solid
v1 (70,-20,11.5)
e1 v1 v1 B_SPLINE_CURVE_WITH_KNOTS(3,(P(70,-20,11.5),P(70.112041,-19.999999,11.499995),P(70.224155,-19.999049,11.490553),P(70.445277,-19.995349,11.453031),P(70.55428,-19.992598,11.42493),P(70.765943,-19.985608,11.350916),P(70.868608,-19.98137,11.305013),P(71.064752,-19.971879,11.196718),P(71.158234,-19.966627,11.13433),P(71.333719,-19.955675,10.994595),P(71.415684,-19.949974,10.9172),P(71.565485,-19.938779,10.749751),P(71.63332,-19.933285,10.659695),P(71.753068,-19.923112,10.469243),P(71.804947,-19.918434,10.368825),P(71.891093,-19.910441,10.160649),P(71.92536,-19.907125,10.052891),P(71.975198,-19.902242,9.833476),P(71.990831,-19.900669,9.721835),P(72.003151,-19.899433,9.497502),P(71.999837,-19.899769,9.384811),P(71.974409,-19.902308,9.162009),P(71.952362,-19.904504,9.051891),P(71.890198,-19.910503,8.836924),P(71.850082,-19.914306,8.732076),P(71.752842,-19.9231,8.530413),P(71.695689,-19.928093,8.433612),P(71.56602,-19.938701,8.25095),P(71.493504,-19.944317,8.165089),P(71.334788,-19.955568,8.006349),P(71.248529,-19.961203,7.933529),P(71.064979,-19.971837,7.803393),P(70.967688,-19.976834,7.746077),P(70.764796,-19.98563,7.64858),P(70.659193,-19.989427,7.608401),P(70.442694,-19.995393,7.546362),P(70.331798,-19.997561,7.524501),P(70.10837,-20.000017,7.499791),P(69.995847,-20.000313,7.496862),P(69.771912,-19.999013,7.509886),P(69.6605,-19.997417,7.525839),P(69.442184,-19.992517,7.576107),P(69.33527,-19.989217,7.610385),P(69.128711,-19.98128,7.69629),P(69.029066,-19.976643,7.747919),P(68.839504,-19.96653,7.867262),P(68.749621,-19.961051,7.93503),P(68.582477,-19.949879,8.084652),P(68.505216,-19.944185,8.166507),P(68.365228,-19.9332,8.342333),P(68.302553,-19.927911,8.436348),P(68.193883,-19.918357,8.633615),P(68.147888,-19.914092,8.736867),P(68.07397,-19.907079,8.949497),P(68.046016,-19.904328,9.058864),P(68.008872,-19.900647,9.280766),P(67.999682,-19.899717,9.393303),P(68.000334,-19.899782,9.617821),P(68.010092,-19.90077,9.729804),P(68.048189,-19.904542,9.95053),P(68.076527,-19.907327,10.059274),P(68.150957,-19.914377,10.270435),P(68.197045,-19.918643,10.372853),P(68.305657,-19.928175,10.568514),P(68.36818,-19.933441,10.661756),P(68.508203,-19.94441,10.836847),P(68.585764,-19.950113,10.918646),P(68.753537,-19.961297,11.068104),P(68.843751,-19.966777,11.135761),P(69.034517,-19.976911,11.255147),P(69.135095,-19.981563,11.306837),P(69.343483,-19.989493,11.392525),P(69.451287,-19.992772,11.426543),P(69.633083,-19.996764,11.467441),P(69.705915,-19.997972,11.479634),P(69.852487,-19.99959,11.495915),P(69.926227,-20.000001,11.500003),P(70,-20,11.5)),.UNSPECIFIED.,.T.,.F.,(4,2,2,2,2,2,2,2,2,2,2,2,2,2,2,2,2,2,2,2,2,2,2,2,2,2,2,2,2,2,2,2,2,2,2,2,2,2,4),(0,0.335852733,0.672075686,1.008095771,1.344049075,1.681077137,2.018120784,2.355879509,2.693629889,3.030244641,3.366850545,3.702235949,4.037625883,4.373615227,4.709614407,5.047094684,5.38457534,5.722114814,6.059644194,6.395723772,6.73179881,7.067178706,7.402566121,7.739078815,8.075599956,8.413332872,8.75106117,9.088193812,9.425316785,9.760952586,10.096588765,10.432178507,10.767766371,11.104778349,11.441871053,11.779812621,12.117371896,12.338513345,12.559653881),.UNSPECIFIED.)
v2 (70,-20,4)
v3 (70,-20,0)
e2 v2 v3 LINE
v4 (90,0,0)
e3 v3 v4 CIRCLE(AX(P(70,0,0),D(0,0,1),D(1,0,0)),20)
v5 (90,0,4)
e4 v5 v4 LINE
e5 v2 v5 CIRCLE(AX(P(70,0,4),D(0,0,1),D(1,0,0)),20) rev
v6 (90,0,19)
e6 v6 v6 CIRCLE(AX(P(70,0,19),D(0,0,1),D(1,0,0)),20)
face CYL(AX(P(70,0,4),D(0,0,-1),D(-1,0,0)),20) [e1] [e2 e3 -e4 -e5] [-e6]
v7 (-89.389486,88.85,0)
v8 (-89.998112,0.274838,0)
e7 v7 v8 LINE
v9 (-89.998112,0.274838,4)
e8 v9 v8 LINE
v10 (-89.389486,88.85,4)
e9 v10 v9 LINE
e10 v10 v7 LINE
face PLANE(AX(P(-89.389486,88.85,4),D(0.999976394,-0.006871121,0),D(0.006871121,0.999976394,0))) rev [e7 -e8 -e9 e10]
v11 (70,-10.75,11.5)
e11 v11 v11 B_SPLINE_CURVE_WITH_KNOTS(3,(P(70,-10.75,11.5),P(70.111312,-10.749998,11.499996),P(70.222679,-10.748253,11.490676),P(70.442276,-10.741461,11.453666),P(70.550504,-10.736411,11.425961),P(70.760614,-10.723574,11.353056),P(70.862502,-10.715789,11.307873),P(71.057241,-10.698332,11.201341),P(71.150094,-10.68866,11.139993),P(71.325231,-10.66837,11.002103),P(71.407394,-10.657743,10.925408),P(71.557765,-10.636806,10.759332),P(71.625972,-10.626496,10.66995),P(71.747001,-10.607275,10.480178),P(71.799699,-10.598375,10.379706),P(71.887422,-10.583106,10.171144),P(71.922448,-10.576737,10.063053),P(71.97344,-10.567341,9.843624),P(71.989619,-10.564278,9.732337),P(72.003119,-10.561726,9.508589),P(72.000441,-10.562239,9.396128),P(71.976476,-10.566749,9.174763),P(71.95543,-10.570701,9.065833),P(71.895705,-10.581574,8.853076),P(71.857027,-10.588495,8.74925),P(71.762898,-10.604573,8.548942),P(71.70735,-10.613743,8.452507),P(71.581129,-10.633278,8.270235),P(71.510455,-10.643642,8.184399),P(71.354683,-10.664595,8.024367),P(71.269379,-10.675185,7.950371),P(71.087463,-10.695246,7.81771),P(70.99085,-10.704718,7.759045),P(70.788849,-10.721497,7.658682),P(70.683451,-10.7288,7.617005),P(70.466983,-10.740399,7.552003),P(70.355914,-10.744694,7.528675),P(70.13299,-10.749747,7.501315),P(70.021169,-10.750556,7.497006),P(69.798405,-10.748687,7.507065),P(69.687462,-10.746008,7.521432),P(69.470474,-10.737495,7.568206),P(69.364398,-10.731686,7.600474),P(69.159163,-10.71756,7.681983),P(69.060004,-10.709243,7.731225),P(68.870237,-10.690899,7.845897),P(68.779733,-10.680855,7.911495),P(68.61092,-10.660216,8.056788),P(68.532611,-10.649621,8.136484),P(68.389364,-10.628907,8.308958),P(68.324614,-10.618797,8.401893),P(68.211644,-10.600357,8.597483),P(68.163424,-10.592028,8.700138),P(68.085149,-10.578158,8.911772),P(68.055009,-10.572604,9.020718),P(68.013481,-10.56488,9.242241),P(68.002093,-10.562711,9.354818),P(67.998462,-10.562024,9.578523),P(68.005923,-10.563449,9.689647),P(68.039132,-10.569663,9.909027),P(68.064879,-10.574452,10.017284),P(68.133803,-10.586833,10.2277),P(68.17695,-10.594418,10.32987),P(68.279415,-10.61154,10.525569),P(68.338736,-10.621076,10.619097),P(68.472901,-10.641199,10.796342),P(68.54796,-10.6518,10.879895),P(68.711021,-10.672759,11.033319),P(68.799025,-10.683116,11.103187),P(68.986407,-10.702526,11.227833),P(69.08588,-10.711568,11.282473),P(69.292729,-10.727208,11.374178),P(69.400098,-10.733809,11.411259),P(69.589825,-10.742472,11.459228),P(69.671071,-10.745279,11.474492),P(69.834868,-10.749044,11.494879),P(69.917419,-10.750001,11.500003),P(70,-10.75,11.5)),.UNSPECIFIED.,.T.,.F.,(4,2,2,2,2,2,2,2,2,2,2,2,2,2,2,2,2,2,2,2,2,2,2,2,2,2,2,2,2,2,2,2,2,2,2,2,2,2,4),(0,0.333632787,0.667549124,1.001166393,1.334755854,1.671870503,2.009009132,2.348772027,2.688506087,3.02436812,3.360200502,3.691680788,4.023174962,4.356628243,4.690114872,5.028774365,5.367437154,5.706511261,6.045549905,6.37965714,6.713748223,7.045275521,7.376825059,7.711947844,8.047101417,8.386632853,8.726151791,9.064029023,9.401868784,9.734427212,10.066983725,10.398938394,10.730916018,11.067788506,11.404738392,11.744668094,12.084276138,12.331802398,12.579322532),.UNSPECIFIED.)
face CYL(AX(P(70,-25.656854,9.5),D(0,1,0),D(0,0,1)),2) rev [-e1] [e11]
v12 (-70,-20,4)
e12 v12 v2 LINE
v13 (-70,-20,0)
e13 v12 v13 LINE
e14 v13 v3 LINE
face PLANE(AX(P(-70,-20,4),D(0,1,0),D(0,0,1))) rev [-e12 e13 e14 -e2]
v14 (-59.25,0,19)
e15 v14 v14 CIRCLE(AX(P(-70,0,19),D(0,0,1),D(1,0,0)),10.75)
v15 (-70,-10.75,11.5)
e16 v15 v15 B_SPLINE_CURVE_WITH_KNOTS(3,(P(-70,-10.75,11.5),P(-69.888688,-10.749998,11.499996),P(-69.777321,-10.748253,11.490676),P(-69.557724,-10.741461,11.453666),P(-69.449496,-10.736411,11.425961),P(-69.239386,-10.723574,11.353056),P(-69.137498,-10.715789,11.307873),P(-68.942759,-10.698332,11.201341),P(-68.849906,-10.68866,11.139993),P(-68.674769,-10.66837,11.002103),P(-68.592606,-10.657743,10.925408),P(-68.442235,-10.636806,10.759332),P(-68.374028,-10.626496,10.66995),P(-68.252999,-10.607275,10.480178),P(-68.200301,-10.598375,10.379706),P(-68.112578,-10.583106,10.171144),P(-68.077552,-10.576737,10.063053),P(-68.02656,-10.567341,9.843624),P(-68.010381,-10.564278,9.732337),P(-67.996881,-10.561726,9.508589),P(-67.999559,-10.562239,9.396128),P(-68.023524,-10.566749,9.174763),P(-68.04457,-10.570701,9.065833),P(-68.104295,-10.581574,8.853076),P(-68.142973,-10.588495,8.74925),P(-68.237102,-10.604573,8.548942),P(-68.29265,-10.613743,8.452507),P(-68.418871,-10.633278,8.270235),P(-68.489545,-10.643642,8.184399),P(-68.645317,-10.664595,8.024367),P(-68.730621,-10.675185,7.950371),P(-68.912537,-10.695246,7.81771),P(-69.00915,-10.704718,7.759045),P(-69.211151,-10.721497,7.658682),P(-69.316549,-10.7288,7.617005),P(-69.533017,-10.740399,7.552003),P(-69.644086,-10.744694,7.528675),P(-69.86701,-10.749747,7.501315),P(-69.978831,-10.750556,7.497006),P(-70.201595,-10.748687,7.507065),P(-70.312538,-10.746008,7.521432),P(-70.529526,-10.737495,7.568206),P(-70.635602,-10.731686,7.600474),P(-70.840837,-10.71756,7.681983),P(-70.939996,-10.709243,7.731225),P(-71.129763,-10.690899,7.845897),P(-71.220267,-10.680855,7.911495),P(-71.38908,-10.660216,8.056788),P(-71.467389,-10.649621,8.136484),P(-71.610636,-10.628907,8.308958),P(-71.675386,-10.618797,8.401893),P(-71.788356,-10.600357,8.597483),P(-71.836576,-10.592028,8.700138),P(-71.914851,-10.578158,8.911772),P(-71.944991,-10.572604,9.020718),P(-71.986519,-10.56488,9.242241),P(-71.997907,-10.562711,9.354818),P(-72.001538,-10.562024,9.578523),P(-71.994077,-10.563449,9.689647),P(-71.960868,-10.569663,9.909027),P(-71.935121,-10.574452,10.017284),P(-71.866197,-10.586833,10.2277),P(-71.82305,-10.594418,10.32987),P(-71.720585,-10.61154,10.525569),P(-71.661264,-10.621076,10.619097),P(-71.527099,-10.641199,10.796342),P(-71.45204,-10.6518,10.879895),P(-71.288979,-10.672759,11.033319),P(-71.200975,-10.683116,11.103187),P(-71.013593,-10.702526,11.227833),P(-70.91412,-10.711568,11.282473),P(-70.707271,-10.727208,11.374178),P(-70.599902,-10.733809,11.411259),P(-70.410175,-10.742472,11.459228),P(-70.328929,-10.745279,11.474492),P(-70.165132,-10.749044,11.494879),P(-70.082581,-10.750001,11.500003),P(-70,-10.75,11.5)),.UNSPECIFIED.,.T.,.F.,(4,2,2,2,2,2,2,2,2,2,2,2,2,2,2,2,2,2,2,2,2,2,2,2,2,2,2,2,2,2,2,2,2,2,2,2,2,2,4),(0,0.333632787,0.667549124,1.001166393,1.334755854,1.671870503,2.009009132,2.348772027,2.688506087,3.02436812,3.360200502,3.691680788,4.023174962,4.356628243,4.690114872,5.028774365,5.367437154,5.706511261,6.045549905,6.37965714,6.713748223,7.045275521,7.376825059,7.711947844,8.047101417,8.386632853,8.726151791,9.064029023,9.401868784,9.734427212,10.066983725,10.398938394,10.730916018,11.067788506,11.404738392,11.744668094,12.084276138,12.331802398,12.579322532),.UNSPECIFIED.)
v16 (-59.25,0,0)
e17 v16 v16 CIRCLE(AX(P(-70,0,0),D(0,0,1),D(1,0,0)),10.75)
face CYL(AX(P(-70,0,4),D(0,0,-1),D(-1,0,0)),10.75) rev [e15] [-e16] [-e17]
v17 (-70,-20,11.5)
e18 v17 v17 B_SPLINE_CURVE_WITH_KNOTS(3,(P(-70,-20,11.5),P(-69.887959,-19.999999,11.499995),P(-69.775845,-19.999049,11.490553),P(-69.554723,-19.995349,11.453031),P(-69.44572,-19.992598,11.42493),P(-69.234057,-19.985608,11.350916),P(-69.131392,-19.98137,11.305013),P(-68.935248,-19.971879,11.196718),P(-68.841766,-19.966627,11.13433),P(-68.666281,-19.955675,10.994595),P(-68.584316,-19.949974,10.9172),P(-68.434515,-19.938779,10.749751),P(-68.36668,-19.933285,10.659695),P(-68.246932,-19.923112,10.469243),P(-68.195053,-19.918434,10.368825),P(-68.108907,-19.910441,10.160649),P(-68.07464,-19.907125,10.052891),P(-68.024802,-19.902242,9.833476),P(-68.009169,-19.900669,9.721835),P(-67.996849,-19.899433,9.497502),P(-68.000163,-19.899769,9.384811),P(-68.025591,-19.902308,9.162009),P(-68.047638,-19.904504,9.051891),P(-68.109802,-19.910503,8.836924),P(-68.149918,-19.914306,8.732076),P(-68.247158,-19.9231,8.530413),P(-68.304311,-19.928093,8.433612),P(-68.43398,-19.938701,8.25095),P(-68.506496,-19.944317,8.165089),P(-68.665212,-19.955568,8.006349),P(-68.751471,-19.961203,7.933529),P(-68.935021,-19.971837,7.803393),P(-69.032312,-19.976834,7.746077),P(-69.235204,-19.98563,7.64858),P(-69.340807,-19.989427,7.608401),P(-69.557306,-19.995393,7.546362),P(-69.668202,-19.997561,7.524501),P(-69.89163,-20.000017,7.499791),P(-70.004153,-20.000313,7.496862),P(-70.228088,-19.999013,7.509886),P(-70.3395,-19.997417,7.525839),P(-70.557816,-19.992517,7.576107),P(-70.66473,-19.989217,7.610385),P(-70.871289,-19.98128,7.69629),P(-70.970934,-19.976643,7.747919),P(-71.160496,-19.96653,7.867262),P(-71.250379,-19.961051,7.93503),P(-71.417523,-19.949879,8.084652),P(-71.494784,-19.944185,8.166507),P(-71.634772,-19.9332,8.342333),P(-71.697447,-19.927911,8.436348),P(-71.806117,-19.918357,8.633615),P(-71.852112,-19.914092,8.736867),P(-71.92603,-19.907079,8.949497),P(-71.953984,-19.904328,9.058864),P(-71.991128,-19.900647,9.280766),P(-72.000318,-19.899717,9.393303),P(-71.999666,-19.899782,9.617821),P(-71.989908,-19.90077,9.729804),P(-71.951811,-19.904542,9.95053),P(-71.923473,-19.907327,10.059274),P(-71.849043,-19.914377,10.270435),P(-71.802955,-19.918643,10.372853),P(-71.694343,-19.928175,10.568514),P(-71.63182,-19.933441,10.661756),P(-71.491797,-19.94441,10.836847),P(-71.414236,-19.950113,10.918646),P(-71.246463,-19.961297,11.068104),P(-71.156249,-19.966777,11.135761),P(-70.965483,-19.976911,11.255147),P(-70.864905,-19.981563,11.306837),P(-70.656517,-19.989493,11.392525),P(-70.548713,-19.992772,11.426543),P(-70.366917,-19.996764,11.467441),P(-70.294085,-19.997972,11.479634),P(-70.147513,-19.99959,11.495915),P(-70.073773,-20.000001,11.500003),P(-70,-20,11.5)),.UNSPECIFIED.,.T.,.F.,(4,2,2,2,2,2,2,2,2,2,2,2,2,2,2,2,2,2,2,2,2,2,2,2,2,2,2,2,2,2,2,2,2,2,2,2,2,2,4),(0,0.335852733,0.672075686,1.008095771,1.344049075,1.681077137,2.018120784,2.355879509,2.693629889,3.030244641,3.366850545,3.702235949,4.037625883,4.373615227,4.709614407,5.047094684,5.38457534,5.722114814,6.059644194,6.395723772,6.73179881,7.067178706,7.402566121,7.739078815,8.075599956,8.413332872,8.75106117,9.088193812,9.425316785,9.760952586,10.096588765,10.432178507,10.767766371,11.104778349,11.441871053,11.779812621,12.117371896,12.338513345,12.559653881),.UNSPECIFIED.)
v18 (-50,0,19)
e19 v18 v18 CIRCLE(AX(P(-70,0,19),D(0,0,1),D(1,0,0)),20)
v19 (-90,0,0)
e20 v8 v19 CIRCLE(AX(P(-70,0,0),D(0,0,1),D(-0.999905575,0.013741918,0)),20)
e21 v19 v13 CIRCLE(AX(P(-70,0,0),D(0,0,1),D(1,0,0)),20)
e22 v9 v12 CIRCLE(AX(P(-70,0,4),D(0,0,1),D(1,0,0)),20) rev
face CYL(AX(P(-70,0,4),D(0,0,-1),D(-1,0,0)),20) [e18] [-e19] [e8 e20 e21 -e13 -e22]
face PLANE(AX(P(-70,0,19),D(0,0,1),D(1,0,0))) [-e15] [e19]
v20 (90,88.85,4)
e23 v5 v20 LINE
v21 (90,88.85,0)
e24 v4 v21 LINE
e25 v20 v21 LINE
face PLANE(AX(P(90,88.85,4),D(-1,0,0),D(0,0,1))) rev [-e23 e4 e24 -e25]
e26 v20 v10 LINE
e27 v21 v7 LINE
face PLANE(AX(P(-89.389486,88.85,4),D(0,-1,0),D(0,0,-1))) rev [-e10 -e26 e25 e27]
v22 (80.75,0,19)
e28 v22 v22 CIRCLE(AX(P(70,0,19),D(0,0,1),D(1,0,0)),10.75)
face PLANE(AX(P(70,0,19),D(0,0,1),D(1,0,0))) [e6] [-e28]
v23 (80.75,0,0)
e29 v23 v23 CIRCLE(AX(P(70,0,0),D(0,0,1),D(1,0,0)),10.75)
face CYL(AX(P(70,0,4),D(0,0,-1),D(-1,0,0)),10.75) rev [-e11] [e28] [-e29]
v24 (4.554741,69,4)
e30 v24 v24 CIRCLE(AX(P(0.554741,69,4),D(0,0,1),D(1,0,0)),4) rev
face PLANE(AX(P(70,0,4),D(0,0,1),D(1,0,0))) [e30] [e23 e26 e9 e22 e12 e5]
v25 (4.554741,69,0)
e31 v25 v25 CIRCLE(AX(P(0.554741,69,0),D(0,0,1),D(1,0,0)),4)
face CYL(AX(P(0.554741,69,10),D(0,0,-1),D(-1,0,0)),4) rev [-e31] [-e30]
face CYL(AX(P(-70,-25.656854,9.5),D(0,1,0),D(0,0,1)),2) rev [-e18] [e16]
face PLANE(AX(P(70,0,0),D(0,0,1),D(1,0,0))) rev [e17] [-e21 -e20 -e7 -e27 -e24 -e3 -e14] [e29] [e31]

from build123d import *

# Parameters (mm, degrees)
SKETCH1_R           = 10.75
BOSS_EXTRUDE1_DEPTH = 4
SKETCH2_R           = 4
CUT_EXTRUDE1_DEPTH  = 10
SKETCH3_R           = 20
SKETCH3_R_2         = 10.75
BOSS_EXTRUDE2_DEPTH = 19
SKETCH4_R           = 2
CUT_EXTRUDE2_DEPTH  = 20


with BuildPart() as part:
    # Sketch1 → Boss-Extrude1 (new body)
    with BuildSketch(Plane.XY):
        with BuildLine():
            Line((-70, -20), (70, -20))
            ThreePointArc((70, -20), (84.142136, -14.142136), (90, 0))
            Line((90, 0), (90, 88.85))
            Line((90, 88.85), (-89.389486, 88.85))
            Line((-89.389486, 88.85), (-90, 0))
            ThreePointArc((-90, 0), (-84.142136, -14.142136), (-70, -20))
        make_face()
        with Locations((70, 0)):
            Circle(SKETCH1_R, mode=Mode.SUBTRACT)
        with Locations((-70, 0)):
            Circle(SKETCH1_R, mode=Mode.SUBTRACT)
    extrude(amount=BOSS_EXTRUDE1_DEPTH)

    # Sketch2 → Cut-Extrude1 (cut)
    with BuildSketch(Plane.XY):
        with Locations((0.554741, 69)):
            Circle(SKETCH2_R)
    extrude(amount=CUT_EXTRUDE1_DEPTH, mode=Mode.SUBTRACT)

    # Sketch3 → Boss-Extrude2 (add)
    with BuildSketch(Plane.XY):
        with Locations((-70, 0)):
            Circle(SKETCH3_R)
        with Locations((-70, 0)):
            Circle(SKETCH3_R_2, mode=Mode.SUBTRACT)
        with Locations((70, 0)):
            Circle(SKETCH3_R)
        with Locations((70, 0)):
            Circle(SKETCH3_R_2, mode=Mode.SUBTRACT)
    extrude(amount=BOSS_EXTRUDE2_DEPTH)

    # Sketch4 → Cut-Extrude2 (cut)
    with BuildSketch(Plane(origin=(0, 0, 0), x_dir=(1, 0, 0), z_dir=(0, 1, 0))):
        with Locations((-70, -9.5)):
            Circle(SKETCH4_R)
        with Locations((70, -9.5)):
            Circle(SKETCH4_R)
    extrude(amount=-CUT_EXTRUDE2_DEPTH, mode=Mode.SUBTRACT)


solid = part.part
